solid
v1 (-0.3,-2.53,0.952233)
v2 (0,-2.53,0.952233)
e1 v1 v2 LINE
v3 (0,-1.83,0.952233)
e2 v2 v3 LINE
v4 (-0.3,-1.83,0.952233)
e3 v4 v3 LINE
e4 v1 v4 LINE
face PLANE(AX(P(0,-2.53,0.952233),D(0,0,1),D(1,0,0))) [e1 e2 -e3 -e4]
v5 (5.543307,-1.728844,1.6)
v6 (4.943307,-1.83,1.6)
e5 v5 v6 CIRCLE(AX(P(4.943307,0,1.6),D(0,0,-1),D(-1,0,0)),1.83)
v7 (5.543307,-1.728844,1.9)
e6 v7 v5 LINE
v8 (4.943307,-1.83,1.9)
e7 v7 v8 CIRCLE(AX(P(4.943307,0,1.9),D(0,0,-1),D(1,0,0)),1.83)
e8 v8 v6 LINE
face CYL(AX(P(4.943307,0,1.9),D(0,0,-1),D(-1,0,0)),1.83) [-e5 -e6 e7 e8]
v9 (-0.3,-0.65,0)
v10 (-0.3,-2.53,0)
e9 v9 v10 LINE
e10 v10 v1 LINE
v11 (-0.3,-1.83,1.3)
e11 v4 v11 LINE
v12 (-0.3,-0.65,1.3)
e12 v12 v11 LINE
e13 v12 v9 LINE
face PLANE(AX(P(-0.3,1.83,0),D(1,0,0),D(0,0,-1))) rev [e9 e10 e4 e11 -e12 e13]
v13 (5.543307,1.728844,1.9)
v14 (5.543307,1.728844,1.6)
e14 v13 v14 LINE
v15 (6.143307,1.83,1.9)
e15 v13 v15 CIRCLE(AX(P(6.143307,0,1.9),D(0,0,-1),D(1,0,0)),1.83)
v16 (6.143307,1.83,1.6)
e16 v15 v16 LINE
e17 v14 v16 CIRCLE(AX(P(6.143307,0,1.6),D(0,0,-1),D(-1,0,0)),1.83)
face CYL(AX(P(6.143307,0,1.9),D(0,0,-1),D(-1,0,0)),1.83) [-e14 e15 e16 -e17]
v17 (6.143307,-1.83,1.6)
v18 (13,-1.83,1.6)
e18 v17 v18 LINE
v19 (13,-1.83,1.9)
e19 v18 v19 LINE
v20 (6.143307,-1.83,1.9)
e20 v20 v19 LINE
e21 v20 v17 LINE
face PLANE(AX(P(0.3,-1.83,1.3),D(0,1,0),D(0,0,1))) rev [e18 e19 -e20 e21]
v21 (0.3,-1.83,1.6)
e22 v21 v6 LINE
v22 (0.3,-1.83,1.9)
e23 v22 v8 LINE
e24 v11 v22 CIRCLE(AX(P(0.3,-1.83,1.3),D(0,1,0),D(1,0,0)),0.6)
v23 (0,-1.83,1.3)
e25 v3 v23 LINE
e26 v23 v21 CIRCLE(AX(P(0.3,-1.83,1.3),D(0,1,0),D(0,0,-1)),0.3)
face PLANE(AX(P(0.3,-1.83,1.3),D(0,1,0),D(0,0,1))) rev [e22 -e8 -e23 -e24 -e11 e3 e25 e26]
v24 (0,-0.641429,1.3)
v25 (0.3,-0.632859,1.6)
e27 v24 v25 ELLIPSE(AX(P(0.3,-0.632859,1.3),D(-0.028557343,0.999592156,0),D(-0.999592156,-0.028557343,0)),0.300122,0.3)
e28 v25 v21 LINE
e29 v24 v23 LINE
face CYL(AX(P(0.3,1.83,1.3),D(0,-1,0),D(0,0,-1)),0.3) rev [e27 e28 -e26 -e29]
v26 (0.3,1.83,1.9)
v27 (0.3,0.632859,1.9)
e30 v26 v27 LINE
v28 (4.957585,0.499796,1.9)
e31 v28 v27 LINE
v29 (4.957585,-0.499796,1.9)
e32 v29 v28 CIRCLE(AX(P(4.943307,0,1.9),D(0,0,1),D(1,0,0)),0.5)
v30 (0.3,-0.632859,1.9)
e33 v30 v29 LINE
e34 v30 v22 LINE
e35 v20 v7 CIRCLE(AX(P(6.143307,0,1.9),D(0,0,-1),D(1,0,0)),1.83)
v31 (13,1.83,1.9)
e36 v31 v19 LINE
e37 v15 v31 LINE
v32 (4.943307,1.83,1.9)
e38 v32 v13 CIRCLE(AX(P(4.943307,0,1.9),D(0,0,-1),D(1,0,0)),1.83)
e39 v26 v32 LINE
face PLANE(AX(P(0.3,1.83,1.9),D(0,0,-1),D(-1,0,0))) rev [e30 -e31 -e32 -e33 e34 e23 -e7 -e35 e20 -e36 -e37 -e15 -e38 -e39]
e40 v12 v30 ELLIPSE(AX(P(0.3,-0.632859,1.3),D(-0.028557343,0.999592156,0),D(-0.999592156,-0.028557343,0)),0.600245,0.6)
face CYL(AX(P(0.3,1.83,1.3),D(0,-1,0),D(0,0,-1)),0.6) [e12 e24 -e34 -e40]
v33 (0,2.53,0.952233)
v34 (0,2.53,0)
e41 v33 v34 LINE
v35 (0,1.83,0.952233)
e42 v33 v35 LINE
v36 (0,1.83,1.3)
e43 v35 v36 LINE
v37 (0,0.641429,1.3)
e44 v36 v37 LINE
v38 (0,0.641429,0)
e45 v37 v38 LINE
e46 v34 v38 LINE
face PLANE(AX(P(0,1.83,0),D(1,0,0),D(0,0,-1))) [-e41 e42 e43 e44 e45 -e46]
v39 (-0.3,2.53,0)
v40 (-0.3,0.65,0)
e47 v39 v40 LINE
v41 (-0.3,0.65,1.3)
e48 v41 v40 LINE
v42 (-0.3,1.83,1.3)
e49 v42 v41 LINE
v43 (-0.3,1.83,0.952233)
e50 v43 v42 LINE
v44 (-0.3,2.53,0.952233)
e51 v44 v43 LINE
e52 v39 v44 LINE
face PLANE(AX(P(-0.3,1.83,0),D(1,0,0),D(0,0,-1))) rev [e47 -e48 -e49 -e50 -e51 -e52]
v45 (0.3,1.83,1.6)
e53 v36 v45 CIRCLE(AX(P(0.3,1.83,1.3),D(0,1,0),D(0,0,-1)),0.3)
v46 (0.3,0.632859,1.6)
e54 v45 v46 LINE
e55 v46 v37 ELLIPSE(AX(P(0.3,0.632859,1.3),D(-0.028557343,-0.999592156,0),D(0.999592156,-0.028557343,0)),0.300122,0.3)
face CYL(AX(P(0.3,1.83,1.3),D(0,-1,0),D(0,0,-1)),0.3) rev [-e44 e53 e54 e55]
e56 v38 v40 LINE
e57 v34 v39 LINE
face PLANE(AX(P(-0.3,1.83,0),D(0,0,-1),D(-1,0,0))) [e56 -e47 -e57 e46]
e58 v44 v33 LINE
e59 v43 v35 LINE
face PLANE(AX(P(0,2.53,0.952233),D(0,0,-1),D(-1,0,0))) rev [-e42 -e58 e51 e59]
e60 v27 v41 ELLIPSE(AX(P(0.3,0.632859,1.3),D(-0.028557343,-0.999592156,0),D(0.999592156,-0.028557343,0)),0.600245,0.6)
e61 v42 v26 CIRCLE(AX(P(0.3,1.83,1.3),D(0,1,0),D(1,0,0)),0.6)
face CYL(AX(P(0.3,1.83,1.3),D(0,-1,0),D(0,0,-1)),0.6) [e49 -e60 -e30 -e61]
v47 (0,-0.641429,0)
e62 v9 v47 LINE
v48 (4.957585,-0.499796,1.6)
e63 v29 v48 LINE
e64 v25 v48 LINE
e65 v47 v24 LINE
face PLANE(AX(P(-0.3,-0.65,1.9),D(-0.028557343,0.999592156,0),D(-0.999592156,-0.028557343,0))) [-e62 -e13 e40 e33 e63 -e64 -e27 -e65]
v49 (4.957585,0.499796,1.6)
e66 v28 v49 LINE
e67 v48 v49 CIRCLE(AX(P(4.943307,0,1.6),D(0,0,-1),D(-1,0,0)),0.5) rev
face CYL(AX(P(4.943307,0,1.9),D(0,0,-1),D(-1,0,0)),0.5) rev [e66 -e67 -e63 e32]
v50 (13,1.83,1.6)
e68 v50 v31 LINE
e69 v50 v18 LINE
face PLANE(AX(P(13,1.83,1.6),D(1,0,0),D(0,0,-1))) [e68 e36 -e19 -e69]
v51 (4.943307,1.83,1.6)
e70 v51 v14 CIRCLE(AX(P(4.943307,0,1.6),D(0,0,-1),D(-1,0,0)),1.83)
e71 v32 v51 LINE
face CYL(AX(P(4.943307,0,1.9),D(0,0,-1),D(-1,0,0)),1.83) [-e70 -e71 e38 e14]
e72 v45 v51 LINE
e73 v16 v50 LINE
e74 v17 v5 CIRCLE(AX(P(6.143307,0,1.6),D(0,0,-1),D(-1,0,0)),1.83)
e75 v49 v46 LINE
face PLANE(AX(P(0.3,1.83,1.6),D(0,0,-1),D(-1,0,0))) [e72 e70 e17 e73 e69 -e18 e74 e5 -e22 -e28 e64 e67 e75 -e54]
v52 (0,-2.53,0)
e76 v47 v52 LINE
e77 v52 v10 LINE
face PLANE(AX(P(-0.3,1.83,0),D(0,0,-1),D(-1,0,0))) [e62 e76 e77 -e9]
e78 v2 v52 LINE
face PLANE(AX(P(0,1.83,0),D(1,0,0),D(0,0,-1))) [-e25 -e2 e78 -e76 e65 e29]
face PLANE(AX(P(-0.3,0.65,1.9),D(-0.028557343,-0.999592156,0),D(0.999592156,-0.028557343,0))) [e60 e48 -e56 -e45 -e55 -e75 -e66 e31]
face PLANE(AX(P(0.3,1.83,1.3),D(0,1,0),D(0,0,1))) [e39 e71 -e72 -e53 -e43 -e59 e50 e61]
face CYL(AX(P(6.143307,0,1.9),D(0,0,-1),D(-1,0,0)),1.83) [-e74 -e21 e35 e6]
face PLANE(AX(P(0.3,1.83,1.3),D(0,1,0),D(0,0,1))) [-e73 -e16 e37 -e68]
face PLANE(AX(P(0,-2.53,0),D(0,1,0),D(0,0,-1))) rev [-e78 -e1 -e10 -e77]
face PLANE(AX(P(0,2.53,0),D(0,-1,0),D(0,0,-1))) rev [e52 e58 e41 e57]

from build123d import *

# Parameters (mm, degrees)
BASE_EXTRU_MINCE_DEPTH  = 1.83
ENL_V_MAT_EXTRU_1_DEPTH = 2.9
ESQUISSE3_W             = 0.3
ESQUISSE3_H             = 0.952232616
BOSS_EXTRU_1_DEPTH      = 0.7
ENL_V_MAT_EXTRU_2_DEPTH = 2.9


with BuildPart() as part:
    # Esquisse1 → Base-Extru.-Mince (new body, symmetric)
    with BuildSketch(Plane(origin=(0, 0, 0), x_dir=(1, 0, 0), z_dir=(0, 1, 0))):
        with BuildLine():
            Line((0, 0), (0, -1.3))
            ThreePointArc((0, -1.3), (0.087867966, -1.512132034), (0.3, -1.6))
            Line((0.3, -1.6), (13, -1.6))
            Line((13, -1.6), (13, -1.9))
            Line((13, -1.9), (0.3, -1.9))
            ThreePointArc((0.3, -1.9), (-0.124264069, -1.724264069), (-0.3, -1.3))
            Line((-0.3, -1.3), (-0.3, 0))
            Line((-0.3, 0), (0, 0))
        make_face()
    extrude(amount=BASE_EXTRU_MINCE_DEPTH, both=True)

    # Esquisse2 → Enlèv. mat.-Extru.1 (cut, through all)
    with BuildSketch(Plane.XY):
        with BuildLine():
            Line((-0.3, 0.65), (4.957585181, 0.499796078))
            ThreePointArc((4.957585181, 0.499796078), (5.443306509, 0), (4.957585181, -0.499796078))
            Line((4.957585181, -0.499796078), (-0.3, -0.65))
            Line((-0.3, -0.65), (-0.3, 0.65))
        make_face()
    extrude(amount=ENL_V_MAT_EXTRU_1_DEPTH, mode=Mode.SUBTRACT)

    # Esquisse3 → Boss.-Extru.1 (add)
    with BuildSketch(Plane(origin=(0, 1.83, 0), x_dir=(-1, 0, 0), z_dir=(0, 1, 0))):
        with Locations((0.15, 0.476116308)):
            Rectangle(ESQUISSE3_W, ESQUISSE3_H)
    boss_extru_1 = extrude(amount=BOSS_EXTRU_1_DEPTH)

    # Symétrie1: Boss.-Extru.1 across plane
    add(boss_extru_1.mirror(Plane.ZX))

    # Esquisse4 → Enlèv. mat.-Extru.2 (cut, through all)
    with BuildSketch(Plane.XY):
        with BuildLine():
            Line((4.943306509, -1.83), (6.143306509, -1.83))
            ThreePointArc((6.143306509, -1.83), (5.839072788, -1.804533691), (5.543306509, -1.728843544))
            ThreePointArc((5.543306509, -1.728843544), (5.247540231, -1.804533691), (4.943306509, -1.83))
        make_face()
        with BuildLine():
            Line((4.943306509, 1.83), (6.143306509, 1.83))
            ThreePointArc((6.143306509, 1.83), (5.839072788, 1.804533691), (5.543306509, 1.728843544))
            ThreePointArc((5.543306509, 1.728843544), (5.247540231, 1.804533691), (4.943306509, 1.83))
        make_face()
    extrude(amount=ENL_V_MAT_EXTRU_2_DEPTH, mode=Mode.SUBTRACT)


solid = part.part
